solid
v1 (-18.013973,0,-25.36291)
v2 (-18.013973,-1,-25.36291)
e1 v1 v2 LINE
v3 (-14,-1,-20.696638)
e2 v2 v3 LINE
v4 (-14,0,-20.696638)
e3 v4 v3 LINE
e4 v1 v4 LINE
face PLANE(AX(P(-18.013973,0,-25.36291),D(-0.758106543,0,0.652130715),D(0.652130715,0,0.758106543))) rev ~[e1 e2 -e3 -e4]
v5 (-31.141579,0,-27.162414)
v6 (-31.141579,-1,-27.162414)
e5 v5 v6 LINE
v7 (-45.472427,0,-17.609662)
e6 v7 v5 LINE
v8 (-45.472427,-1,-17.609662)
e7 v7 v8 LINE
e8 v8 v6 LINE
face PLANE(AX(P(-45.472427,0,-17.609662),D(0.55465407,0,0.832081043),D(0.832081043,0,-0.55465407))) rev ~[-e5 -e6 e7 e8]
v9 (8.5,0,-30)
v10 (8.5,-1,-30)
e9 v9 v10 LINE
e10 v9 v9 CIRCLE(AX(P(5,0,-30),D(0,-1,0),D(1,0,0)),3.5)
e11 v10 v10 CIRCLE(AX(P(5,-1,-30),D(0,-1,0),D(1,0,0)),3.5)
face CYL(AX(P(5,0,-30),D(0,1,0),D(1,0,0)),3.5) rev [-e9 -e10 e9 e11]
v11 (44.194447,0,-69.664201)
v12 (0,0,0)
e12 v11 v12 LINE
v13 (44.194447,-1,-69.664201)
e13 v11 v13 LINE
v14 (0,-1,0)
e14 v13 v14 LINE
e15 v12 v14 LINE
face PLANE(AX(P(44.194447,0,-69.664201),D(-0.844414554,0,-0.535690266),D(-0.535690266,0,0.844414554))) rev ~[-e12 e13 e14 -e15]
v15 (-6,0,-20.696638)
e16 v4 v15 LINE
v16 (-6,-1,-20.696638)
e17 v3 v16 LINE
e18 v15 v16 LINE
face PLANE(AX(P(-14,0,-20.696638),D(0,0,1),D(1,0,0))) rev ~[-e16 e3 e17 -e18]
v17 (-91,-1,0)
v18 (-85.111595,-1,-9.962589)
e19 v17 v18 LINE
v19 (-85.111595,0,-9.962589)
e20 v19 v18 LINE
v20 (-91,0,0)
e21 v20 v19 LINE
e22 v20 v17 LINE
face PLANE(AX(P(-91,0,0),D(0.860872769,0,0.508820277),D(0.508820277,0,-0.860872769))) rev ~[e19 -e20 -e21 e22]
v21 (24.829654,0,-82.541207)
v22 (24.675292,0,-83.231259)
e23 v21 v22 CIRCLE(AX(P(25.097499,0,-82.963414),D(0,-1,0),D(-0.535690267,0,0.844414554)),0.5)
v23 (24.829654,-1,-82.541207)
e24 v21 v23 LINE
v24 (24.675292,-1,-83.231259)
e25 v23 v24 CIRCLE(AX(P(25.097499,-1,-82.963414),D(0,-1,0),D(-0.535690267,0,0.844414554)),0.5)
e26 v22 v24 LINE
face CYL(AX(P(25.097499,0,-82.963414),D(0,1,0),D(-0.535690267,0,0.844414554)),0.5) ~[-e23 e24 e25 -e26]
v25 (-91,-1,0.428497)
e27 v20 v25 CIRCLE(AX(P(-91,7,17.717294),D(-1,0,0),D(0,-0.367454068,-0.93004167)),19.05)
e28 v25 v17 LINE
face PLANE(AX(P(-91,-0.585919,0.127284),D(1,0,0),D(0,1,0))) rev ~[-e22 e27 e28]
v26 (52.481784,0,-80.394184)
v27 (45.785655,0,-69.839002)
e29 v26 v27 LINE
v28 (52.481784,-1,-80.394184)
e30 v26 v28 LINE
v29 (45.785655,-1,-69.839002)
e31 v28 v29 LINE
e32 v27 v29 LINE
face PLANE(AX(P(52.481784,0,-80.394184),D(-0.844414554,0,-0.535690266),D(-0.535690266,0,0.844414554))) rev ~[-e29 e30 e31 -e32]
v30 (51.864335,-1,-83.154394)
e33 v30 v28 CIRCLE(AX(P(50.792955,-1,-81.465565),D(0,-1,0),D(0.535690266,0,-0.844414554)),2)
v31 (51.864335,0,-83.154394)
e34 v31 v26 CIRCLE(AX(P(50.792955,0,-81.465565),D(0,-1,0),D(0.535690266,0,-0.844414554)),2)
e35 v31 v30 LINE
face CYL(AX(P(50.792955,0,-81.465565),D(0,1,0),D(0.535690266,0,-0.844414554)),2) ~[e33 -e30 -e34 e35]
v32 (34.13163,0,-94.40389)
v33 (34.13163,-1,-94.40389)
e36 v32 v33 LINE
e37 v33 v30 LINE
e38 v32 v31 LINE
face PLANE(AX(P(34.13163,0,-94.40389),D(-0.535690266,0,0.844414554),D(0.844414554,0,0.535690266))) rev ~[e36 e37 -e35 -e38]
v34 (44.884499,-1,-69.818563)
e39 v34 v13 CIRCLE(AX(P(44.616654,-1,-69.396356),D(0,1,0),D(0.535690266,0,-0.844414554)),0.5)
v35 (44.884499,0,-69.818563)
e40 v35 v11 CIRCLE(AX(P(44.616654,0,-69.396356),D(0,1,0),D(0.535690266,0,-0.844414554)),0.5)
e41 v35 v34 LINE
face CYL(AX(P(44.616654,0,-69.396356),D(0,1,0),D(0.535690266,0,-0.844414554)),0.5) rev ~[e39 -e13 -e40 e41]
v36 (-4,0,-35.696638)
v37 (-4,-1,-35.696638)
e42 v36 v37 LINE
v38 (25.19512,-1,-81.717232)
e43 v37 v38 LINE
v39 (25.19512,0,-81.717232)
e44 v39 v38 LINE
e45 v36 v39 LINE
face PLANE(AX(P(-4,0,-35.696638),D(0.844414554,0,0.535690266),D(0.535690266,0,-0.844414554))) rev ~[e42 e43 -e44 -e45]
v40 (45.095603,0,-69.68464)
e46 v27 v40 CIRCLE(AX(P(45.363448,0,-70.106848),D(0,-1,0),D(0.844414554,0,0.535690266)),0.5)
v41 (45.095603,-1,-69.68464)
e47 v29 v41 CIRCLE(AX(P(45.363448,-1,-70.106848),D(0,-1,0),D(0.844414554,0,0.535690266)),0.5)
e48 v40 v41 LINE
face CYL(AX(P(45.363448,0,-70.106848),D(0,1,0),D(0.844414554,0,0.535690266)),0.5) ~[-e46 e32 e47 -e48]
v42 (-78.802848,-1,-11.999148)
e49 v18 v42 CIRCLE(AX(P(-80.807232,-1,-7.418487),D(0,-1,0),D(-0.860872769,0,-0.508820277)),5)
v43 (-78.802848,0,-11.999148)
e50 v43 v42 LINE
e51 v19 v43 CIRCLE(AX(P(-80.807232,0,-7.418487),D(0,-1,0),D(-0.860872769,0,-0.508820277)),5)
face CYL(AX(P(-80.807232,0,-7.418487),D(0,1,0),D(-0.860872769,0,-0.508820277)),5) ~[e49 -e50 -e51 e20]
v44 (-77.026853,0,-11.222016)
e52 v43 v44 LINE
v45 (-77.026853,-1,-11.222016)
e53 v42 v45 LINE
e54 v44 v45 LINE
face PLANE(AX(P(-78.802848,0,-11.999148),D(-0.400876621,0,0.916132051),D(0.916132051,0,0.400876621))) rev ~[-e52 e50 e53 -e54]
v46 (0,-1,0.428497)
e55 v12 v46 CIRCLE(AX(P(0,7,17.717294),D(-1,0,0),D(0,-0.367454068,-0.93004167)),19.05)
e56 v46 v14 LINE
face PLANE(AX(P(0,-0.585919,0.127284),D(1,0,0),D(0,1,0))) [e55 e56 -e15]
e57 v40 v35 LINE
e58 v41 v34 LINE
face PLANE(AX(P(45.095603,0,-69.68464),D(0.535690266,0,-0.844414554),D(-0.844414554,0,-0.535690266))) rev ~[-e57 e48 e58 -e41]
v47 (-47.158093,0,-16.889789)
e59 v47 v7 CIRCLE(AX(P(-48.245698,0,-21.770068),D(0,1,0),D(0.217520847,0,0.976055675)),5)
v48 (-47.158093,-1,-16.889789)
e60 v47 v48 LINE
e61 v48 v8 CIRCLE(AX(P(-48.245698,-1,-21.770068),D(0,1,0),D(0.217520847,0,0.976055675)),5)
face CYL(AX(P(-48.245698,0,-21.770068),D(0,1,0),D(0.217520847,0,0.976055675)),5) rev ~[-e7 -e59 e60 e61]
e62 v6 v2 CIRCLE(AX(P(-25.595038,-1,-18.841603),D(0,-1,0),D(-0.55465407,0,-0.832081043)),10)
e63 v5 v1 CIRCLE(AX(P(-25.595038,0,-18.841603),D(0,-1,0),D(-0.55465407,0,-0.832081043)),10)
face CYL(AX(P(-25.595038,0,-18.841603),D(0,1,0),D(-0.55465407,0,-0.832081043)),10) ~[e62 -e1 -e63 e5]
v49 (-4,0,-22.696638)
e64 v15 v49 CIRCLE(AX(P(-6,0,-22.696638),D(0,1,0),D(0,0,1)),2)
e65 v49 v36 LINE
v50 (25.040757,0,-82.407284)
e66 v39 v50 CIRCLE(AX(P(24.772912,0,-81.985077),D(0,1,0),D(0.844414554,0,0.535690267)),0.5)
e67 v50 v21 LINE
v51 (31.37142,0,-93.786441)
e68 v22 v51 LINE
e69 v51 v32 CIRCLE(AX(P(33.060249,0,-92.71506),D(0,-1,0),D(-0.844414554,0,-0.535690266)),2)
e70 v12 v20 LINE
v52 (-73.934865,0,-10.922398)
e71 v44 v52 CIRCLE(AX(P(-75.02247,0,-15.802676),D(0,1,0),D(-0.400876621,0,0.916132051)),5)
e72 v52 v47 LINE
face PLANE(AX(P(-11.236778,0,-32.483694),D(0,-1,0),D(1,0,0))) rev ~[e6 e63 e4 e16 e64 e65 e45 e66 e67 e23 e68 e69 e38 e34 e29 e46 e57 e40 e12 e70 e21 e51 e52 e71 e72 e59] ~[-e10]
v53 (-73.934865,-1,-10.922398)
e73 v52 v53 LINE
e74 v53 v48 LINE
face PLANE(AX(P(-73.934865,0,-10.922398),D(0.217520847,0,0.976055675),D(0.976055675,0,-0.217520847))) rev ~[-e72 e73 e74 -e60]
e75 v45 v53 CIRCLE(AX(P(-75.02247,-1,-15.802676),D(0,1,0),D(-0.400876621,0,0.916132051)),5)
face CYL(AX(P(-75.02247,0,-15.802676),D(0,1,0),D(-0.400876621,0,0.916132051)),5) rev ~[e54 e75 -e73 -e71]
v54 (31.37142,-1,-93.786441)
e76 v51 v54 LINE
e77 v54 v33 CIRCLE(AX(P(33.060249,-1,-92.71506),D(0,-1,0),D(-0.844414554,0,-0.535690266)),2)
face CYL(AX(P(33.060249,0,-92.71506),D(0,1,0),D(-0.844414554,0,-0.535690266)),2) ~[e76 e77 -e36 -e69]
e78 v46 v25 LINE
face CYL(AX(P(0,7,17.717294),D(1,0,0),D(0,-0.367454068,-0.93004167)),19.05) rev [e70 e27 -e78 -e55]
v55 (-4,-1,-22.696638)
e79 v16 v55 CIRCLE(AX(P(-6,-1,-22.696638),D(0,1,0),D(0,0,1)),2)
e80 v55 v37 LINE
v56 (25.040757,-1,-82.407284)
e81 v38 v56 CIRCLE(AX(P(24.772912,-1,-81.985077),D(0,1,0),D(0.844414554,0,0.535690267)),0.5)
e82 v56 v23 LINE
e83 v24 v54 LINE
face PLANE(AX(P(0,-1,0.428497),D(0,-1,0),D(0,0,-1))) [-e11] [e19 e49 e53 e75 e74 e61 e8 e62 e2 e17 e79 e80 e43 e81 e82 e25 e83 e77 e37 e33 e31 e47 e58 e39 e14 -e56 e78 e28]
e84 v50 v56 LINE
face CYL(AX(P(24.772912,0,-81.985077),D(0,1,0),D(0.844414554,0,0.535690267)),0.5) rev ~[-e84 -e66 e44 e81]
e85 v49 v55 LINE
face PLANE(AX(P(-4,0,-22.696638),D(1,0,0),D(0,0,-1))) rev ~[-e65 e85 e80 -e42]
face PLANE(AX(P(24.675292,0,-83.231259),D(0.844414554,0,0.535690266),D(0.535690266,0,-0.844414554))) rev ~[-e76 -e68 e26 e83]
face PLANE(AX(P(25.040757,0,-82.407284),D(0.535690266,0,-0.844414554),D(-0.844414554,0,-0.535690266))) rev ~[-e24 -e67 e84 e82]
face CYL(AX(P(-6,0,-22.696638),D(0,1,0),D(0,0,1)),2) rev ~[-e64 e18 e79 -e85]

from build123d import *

# Parameters (mm, degrees)
F0_R     = 3.5
F1_DEPTH = 1
F3_DEPTH = 91


with BuildPart() as f1:
    # F0 (on Front) → F1 (new body)
    with BuildSketch(Plane.XZ):
        with BuildLine():
            Line((44.1944469757, -69.6642006809), (0, 0))
            Line((0, 0), (-91, 0))
            Line((-91, 0), (-85.111595395, -9.9625887652))
            ThreePointArc((-85.111595395, -9.9625887652), (-82.3432559162, -12.1767043904), (-78.802848444, -11.999147633))
            Line((-78.802848444, -11.999147633), (-77.0268528032, -11.222016072))
            ThreePointArc((-77.0268528032, -11.222016072), (-75.5047182131, -10.825987029), (-73.934865466, -10.9223979508))
            Line((-73.934865466, -10.9223979508), (-47.1580933481, -16.8897892489))
            ThreePointArc((-47.1580933481, -16.8897892489), (-46.2819912694, -17.1718225775), (-45.4724272309, -17.6096624093))
            Line((-45.4724272309, -17.6096624093), (-31.1415791523, -27.1624136471))
            ThreePointArc((-31.1415791523, -27.1624136471), (-24.236960496, -28.7489552461), (-18.0139730217, -25.3629103661))
            Line((-18.0139730217, -25.3629103661), (-14, -20.6966384972))
            Line((-14, -20.6966384972), (-6, -20.6966384972))
            ThreePointArc((-6, -20.6966384972), (-4.5857864376, -21.2824249348), (-4, -22.6966384972))
            Line((-4, -22.6966384972), (-4, -35.6966384972))
            Line((-4, -35.6966384972), (25.1951195173, -81.7172316743))
            ThreePointArc((25.1951195173, -81.7172316743), (25.260852979, -82.094227326), (25.0407573736, -82.4072840843))
            Line((25.0407573736, -82.4072840843), (24.8296537352, -82.5412066509))
            ThreePointArc((24.8296537352, -82.5412066509), (24.6095581299, -82.8542634092), (24.6752915915, -83.231259061))
            Line((24.6752915915, -83.231259061), (31.3714199212, -93.7864409823))
            ThreePointArc((31.3714199212, -93.7864409823), (32.6236469544, -94.6668234036), (34.1316295614, -94.403889557))
            Line((34.1316295614, -94.403889557), (51.8643351892, -83.1543939632))
            ThreePointArc((51.8643351892, -83.1543939632), (52.7447176105, -81.9021669299), (52.4817837639, -80.394184323))
            Line((52.4817837639, -80.394184323), (45.7856554342, -69.8390024016))
            ThreePointArc((45.7856554342, -69.8390024016), (45.4725986759, -69.6189067963), (45.0956030242, -69.684640258))
            Line((45.0956030242, -69.684640258), (44.8844993858, -69.8185628246))
            ThreePointArc((44.8844993858, -69.8185628246), (44.507503734, -69.8842962862), (44.1944469757, -69.6642006809))
        make_face()
        with Locations((5, -30)):
            Circle(F0_R, mode=Mode.SUBTRACT)
    extrude(amount=F1_DEPTH)

    # F2 (on Right) → F3 (join, through all)
    with BuildSketch(Plane.YZ):
        with BuildLine():
            ThreePointArc((0, 0), (-0.5030595353, 0.2071082724), (-1, 0.4284968608))
            Line((-1, 0.4284968608), (-1, 0))
            Line((-1, 0), (0, 0))
        make_face()
    extrude(amount=-F3_DEPTH)


solid = f1.part
